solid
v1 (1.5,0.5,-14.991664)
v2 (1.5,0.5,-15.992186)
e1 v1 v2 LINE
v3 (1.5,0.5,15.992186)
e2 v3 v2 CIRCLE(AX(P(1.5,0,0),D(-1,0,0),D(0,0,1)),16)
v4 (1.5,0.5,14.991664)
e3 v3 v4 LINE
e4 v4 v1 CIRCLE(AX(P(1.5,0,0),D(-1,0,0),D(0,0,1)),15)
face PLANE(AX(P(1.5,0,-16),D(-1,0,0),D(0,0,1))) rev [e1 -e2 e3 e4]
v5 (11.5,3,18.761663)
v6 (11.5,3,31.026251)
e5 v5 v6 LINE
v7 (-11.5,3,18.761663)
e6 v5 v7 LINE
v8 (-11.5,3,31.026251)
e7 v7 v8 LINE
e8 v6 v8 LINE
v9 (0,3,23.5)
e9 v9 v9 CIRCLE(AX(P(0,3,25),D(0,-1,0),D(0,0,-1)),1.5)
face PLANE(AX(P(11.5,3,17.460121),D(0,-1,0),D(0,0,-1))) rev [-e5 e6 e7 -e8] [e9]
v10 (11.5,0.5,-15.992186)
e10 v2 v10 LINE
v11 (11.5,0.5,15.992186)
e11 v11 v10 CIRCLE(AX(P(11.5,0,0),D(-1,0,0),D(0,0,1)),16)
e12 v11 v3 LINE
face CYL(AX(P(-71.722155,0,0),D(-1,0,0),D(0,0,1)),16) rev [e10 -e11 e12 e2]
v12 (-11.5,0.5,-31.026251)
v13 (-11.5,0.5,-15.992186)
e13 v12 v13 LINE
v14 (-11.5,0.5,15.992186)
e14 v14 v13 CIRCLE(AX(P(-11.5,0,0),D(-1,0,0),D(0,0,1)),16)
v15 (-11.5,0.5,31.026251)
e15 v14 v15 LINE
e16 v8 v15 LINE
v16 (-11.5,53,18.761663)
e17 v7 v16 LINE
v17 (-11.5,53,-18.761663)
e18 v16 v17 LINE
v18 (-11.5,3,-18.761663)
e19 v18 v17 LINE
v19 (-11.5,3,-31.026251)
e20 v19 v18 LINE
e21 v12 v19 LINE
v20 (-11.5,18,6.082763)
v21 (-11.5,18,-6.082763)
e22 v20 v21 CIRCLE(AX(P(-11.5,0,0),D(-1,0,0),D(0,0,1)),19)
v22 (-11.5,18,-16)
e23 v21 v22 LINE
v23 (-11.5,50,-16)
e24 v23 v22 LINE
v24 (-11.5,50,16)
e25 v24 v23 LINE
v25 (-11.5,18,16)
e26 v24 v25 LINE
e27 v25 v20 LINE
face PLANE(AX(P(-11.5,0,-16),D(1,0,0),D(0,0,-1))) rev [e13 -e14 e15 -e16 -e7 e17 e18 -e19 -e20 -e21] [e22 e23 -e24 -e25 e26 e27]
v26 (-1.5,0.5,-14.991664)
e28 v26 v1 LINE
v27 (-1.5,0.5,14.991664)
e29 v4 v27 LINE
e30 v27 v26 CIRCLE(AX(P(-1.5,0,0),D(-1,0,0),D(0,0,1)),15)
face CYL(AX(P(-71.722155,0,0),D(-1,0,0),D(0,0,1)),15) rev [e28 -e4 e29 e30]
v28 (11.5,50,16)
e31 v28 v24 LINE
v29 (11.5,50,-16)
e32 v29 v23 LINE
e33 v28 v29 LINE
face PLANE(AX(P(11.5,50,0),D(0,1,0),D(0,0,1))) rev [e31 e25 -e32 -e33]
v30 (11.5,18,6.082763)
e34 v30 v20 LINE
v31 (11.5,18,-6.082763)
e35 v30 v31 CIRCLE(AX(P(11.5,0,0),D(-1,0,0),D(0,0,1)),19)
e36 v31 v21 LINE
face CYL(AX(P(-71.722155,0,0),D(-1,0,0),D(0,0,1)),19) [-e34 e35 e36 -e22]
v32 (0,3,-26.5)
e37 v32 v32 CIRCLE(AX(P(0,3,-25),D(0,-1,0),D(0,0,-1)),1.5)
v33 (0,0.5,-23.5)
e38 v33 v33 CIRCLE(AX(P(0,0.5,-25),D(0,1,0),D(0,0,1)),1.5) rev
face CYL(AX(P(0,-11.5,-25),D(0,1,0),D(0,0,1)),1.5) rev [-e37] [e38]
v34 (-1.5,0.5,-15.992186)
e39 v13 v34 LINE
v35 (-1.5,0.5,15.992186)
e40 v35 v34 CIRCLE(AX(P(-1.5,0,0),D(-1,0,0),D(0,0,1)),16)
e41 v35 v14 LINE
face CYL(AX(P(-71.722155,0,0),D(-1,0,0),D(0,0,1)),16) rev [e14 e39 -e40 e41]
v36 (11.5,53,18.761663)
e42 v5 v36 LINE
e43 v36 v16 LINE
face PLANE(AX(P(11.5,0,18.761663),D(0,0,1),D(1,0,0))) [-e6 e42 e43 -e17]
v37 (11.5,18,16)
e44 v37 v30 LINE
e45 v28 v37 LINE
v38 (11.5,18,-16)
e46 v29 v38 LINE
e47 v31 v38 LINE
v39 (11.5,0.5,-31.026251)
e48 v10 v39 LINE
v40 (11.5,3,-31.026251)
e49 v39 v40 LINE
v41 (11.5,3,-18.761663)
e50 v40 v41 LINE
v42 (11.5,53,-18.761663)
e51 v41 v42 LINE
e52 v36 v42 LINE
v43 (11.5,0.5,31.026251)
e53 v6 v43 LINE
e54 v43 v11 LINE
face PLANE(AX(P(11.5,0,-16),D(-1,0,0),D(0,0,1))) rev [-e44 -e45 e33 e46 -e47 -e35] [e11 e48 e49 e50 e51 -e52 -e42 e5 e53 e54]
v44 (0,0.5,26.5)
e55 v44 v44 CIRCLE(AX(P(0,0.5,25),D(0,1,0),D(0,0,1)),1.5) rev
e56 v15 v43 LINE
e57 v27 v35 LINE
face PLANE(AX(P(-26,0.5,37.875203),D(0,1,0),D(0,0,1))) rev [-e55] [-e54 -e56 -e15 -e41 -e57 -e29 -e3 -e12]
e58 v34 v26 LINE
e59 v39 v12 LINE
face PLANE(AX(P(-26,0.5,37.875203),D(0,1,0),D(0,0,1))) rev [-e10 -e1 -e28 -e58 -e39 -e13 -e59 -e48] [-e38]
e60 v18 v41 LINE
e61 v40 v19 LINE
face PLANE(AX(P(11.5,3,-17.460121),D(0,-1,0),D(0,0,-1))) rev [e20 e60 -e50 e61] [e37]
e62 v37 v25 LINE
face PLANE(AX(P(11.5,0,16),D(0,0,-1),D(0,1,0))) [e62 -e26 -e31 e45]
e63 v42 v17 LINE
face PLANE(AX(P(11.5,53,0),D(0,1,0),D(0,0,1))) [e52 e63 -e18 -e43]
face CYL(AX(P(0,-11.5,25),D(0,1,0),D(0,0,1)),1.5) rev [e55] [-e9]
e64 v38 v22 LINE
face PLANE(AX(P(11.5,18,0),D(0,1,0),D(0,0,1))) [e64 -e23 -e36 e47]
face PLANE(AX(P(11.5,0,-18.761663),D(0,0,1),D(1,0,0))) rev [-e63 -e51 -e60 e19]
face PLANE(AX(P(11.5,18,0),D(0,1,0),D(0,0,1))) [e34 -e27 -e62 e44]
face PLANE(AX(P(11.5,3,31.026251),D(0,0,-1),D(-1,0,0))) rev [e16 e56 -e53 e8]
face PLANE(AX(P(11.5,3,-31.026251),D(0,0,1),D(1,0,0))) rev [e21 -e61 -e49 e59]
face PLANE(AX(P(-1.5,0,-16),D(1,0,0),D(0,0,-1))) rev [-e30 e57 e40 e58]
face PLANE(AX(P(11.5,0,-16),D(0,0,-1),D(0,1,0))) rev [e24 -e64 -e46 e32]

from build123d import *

# Parameters (mm, degrees)
SKETCH3_W           = 13.566130208
SKETCH3_H           = 6
BOSS_EXTRUDE1_DEPTH = 11.5
SKETCH4_R           = 1.5
CUT_EXTRUDE1_DEPTH  = 11.5
SKETCH5_W           = 75.75040558
SKETCH5_H           = 1
CUT_EXTRUDE2_DEPTH  = 26
BOSS_EXTRUDE2_DEPTH = 11.5


with BuildPart() as part:
    # Sketch2 → Revolve1 (revolve)
    with BuildSketch(Plane(origin=(0, 0, 0), x_dir=(1, 0, 0), z_dir=(0, 1, 0)), mode=Mode.PRIVATE) as revolve1_sk:
        Polygon((-11.5, 16), (-1.5, 16), (-1.5, 15), (1.5, 15), (1.5, 16), (11.5, 16), (11.5, 19), (-11.5, 19), align=None)
    revolve(revolve1_sk.sketch.rotate(Axis((-71.722155375, 0, 0), (1, 0, 0)), 180), axis=Axis((-71.722155375, 0, 0), (1, 0, 0)))

    # Sketch3 → Boss-Extrude1 (add, symmetric)
    with BuildSketch(Plane(origin=(0, 0, 0), x_dir=(0, 0, -1), z_dir=(1, 0, 0))):
        with Locations((24.243185686, 0)):
            Rectangle(SKETCH3_W, SKETCH3_H)
        with Locations((-24.243185686, 0)):
            Rectangle(SKETCH3_W, SKETCH3_H)
    extrude(amount=BOSS_EXTRUDE1_DEPTH, both=True)

    # Sketch4 → Cut-Extrude1 (cut, symmetric)
    with BuildSketch(Plane(origin=(0, 0, 0), x_dir=(1, 0, 0), z_dir=(0, 1, 0))):
        with Locations(Location((0, 25, 0), (0, 0, 270))):
            Circle(SKETCH4_R)
        with Locations(Location((0, -25, 0), (0, 0, 270))):
            Circle(SKETCH4_R)
    extrude(amount=CUT_EXTRUDE1_DEPTH, both=True, mode=Mode.SUBTRACT)

    # Sketch5 → Cut-Extrude2 (cut, symmetric)
    with BuildSketch(Plane(origin=(0, 0, 0), x_dir=(0, 0, -1), z_dir=(1, 0, 0))):
        Rectangle(SKETCH5_W, SKETCH5_H)
    extrude(amount=CUT_EXTRUDE2_DEPTH, both=True, mode=Mode.SUBTRACT)


with BuildPart() as cut_extrude2_piece_1:
    # of the separate pieces the step leaves, piece 1, a body of its own (cut_extrude2_pieces)
    add(part.part.solids().sort_by_distance((-11.5, 0.5, -15.992185592))[0])

    # Sketch7 → Boss-Extrude2 (add, symmetric)
    with BuildSketch(Plane(origin=(0, 0, 0), x_dir=(0, 0, -1), z_dir=(1, 0, 0))):
        with BuildLine():
            Line((-18.761663039, 53), (-18.761663039, 3))
            ThreePointArc((-18.761663039, 3), (-14.510732941, 12.265342618), (-6.08276253, 18))
            Line((-6.08276253, 18), (-16, 18))
            Line((-16, 18), (-16, 50))
            Line((-16, 50), (16, 50))
            Line((16, 50), (16, 18))
            Line((16, 18), (6.08276253, 18))
            ThreePointArc((6.08276253, 18), (14.510732941, 12.265342618), (18.761663039, 3))
            Line((18.761663039, 3), (18.761663039, 53))
            Line((18.761663039, 53), (-18.761663039, 53))
        make_face()
    extrude(amount=BOSS_EXTRUDE2_DEPTH, both=True)


with BuildPart() as cut_extrude2_piece_2:
    # of the separate pieces the step leaves, piece 2, a body of its own (cut_extrude2_pieces)
    add(part.part.solids().sort_by_distance((-11.5, -0.5, 15.992185592))[0])


solid = cut_extrude2_piece_1.part
